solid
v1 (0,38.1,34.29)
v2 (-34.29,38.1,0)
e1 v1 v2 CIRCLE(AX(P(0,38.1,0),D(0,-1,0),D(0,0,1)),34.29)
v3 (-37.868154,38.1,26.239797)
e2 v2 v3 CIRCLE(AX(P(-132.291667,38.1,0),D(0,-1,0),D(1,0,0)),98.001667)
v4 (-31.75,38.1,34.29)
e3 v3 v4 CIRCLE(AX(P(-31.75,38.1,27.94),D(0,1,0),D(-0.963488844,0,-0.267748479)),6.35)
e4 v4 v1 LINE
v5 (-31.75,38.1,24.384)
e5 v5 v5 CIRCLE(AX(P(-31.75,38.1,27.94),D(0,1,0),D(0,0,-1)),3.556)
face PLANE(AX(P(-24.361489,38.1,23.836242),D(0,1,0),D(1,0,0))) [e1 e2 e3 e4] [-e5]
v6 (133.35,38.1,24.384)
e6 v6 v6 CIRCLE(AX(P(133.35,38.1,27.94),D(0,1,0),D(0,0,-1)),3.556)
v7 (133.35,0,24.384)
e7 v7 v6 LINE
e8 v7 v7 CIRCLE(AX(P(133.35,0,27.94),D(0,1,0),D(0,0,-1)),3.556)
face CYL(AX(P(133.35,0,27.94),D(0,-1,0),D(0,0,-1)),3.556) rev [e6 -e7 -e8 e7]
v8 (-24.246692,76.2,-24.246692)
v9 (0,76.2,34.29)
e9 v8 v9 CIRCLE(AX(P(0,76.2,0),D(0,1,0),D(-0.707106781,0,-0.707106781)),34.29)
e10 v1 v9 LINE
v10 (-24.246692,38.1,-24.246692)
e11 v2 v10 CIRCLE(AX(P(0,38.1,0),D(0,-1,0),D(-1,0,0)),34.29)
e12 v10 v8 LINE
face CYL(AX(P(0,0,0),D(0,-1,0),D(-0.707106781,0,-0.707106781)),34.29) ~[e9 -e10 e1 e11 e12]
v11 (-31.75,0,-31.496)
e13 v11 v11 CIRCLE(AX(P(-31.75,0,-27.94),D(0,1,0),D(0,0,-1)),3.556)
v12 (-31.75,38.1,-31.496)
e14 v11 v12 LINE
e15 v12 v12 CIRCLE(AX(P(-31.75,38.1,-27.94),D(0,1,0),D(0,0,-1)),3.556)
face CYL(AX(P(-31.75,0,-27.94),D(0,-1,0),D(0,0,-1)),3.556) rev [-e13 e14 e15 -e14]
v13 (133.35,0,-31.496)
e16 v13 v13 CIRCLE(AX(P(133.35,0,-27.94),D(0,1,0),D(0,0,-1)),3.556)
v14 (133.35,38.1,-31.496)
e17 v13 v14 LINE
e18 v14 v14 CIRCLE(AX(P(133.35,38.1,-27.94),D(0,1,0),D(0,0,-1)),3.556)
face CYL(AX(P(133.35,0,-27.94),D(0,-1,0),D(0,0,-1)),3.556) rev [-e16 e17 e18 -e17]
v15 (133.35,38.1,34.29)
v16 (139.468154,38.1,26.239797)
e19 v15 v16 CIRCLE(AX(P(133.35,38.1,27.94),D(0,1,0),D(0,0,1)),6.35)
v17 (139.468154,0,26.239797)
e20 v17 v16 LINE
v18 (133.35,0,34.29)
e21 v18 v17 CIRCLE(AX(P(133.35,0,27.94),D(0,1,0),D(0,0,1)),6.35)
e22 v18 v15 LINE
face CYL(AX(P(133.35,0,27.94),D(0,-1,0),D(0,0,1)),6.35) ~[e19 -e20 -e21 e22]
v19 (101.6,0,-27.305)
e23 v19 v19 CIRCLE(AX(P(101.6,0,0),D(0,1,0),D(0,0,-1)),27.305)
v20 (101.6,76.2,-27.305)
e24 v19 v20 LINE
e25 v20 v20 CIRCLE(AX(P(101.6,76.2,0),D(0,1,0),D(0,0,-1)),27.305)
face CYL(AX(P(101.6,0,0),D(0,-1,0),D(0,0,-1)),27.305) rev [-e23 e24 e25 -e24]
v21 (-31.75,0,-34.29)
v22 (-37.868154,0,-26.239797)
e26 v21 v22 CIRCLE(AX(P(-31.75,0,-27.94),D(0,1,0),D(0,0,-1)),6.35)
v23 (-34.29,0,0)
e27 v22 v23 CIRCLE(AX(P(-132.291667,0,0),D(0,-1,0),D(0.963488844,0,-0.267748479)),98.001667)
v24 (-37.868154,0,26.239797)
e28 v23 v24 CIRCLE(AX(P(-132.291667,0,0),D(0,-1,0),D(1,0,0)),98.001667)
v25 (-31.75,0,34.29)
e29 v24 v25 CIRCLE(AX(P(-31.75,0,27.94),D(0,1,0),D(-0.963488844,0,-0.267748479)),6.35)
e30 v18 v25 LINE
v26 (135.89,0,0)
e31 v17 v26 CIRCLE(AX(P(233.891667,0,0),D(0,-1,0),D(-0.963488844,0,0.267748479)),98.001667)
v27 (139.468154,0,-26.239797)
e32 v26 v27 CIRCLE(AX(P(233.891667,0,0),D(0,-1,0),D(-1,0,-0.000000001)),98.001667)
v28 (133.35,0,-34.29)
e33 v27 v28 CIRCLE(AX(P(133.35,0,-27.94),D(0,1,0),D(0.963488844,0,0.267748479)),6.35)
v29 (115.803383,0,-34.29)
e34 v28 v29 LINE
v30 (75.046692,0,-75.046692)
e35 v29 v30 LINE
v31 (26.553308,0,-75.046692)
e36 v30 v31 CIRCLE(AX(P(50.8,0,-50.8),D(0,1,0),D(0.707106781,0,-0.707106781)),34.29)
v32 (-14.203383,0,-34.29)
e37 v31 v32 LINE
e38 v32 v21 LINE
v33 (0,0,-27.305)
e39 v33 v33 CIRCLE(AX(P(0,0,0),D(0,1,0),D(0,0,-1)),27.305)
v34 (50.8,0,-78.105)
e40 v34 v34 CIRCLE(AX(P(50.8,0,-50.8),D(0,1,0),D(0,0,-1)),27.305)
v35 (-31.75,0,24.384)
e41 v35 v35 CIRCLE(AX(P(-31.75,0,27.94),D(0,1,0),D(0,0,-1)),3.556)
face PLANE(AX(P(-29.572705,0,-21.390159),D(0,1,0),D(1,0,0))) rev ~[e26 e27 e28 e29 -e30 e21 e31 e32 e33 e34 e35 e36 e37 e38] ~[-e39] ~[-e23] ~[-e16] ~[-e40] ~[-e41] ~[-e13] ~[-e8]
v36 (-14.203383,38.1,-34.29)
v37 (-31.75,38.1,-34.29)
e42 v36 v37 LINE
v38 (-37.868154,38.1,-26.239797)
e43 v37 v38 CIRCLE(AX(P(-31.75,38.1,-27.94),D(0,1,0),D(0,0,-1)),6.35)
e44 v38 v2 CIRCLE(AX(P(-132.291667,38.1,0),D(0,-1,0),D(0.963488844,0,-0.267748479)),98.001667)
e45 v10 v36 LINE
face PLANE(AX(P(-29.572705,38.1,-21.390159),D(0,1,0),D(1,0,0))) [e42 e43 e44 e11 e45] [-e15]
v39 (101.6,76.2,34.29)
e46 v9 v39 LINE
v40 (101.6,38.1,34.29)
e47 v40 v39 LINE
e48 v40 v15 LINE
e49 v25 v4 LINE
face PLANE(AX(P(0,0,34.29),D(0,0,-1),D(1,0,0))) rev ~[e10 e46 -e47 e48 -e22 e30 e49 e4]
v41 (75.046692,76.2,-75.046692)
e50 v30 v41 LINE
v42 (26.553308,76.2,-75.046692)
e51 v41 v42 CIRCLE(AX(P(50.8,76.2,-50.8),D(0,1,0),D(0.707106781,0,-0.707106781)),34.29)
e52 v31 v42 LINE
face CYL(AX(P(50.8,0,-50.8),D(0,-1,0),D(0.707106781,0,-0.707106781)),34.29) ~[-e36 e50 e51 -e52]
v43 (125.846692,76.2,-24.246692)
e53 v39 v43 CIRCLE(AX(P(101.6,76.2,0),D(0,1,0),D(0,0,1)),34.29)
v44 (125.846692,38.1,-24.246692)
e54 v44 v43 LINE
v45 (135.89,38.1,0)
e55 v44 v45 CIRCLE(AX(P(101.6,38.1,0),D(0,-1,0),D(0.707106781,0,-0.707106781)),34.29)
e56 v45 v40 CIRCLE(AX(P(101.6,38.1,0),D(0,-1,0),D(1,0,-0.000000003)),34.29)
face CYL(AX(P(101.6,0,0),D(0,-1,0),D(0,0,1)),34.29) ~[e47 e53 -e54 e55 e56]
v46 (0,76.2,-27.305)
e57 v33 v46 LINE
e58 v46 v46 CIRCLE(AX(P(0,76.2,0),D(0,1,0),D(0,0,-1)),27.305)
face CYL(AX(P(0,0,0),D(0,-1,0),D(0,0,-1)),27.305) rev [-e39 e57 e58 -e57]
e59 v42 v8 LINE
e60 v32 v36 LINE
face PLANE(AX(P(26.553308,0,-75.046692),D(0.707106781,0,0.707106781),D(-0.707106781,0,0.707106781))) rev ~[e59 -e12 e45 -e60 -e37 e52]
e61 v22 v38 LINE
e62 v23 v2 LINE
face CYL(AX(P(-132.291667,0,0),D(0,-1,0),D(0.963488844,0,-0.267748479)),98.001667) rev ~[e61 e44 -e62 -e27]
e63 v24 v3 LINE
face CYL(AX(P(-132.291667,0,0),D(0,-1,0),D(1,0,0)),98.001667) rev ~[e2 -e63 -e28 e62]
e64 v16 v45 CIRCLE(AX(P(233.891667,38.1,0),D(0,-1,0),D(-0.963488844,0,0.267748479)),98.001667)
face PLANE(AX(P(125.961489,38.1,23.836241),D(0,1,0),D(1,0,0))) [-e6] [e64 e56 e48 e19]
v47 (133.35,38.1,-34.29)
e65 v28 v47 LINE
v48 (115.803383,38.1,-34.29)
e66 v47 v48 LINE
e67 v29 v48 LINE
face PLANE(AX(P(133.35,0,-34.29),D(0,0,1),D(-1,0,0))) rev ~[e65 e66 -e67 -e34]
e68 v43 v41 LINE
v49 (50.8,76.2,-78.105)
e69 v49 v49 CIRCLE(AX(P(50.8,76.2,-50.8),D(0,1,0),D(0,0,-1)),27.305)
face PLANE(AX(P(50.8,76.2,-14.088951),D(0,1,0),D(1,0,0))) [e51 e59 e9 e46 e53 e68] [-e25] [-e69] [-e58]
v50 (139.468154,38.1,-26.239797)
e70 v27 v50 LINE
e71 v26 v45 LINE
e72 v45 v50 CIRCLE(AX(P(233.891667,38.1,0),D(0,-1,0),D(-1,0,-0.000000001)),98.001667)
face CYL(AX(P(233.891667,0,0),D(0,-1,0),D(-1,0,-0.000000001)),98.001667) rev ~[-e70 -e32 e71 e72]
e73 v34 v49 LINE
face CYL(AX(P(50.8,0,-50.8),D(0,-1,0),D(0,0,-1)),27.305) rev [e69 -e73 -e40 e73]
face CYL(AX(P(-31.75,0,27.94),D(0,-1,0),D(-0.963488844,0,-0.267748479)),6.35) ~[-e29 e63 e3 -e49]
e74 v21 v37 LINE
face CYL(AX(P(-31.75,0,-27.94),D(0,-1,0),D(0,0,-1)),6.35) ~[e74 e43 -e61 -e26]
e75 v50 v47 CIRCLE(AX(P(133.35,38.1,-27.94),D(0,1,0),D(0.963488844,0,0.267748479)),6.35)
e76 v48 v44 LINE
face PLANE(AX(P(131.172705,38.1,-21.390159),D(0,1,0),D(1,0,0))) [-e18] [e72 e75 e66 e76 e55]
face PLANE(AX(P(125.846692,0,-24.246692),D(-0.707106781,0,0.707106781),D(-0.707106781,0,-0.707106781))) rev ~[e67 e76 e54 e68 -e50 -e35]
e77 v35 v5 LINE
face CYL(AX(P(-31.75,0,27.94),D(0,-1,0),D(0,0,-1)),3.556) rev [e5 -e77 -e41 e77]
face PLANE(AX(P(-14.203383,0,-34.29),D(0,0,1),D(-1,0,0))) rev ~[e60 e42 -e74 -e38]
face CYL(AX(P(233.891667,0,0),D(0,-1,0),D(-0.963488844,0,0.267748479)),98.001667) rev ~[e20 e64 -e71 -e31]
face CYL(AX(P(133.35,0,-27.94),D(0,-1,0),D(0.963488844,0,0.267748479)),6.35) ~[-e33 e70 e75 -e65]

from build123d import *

# Parameters (mm, degrees)
SKETCH1_R           = 27.305
BOSS_EXTRUDE1_DEPTH = 76.2
SKETCH1_3_R         = 3.556
BOSS_EXTRUDE2_DEPTH = 38.1


with BuildPart() as part:
    # Sketch1 → Boss-Extrude1 (new body)
    with BuildSketch(Plane(origin=(0, 0, 0), x_dir=(1, 0, 0), z_dir=(0, 1, 0))):
        with BuildLine():
            Line((26.553308473, 75.046691527), (-24.246691527, 24.246691527))
            ThreePointArc((-24.246691527, 24.246691527), (-31.67982917, -13.122214896), (0, -34.29))
            Line((0, -34.29), (101.6, -34.29))
            ThreePointArc((101.6, -34.29), (133.27982917, -13.122214896), (125.846691527, 24.246691527))
            Line((125.846691527, 24.246691527), (75.046691527, 75.046691527))
            ThreePointArc((75.046691527, 75.046691527), (50.8, 85.09), (26.553308473, 75.046691527))
        make_face()
        with Locations(Location((101.6, 0, 0), (0, 0, 90))):
            Circle(SKETCH1_R, mode=Mode.SUBTRACT)
        with Locations(Location((0, 0, 0), (0, 0, 90))):
            Circle(SKETCH1_R, mode=Mode.SUBTRACT)
        with Locations(Location((50.8, 50.8, 0), (0, 0, 90))):
            Circle(SKETCH1_R, mode=Mode.SUBTRACT)
    extrude(amount=BOSS_EXTRUDE1_DEPTH)

    # Sketch1<3> → Boss-Extrude2 (add)
    # profile 1 of 4: a face of its own
    with BuildSketch(Plane(origin=(0, 0, 0), x_dir=(1, 0, 0), z_dir=(0, 1, 0))):
        with BuildLine():
            Line((-24.246691527, 24.246691527), (-14.203383054, 34.29))
            Line((-14.203383054, 34.29), (-31.75, 34.29))
            ThreePointArc((-31.75, 34.29), (-36.805629933, 31.782278749), (-37.868154158, 26.23979716))
            ThreePointArc((-37.868154158, 26.23979716), (-35.188658815, 13.241319251), (-34.29, -3e-09))
            ThreePointArc((-34.29, -3e-09), (-31.67982917, 13.122214895), (-24.246691527, 24.246691527))
        make_face()
        with Locations(Location((-31.75, 27.94, 0), (0, 0, 90))):
            Circle(SKETCH1_3_R, mode=Mode.SUBTRACT)
    # profile 2 of 4: a face of its own
    with BuildSketch(Plane(origin=(0, 0, 0), x_dir=(1, 0, 0), z_dir=(0, 1, 0))):
        with BuildLine():
            ThreePointArc((0, -34.29), (-24.246691526, -24.246691528), (-34.29, -3e-09))
            ThreePointArc((-34.29, -3e-09), (-35.188658815, -13.241319254), (-37.868154158, -26.23979716))
            ThreePointArc((-37.868154158, -26.23979716), (-36.805629933, -31.782278749), (-31.75, -34.29))
            Line((-31.75, -34.29), (0, -34.29))
        make_face()
        with Locations(Location((-31.75, -27.94, 0), (0, 0, 90))):
            Circle(SKETCH1_3_R, mode=Mode.SUBTRACT)
    # profile 3 of 4: a face of its own
    with BuildSketch(Plane(origin=(0, 0, 0), x_dir=(1, 0, 0), z_dir=(0, 1, 0))):
        with BuildLine():
            Line((133.35, 34.29), (115.803383054, 34.29))
            Line((115.803383054, 34.29), (125.846691527, 24.246691527))
            ThreePointArc((125.846691527, 24.246691527), (133.279829151, 13.122214941), (135.89, 9.8e-08))
            ThreePointArc((135.89, 9.8e-08), (136.788658821, 13.241319301), (139.468154158, 26.23979716))
            ThreePointArc((139.468154158, 26.23979716), (138.405629933, 31.782278749), (133.35, 34.29))
        make_face()
        with Locations(Location((133.35, 27.94, 0), (0, 0, 90))):
            Circle(SKETCH1_3_R, mode=Mode.SUBTRACT)
    # profile 4 of 4: a face of its own
    with BuildSketch(Plane(origin=(0, 0, 0), x_dir=(1, 0, 0), z_dir=(0, 1, 0))):
        with BuildLine():
            ThreePointArc((135.89, 9.8e-08), (125.846691562, -24.246691492), (101.6, -34.29))
            Line((101.6, -34.29), (133.35, -34.29))
            ThreePointArc((133.35, -34.29), (138.405629933, -31.782278749), (139.468154158, -26.23979716))
            ThreePointArc((139.468154158, -26.23979716), (136.788658808, -13.241319204), (135.89, 9.8e-08))
        make_face()
        with Locations(Location((133.35, -27.94, 0), (0, 0, 90))):
            Circle(SKETCH1_3_R, mode=Mode.SUBTRACT)
    extrude(amount=BOSS_EXTRUDE2_DEPTH)


solid = part.part
